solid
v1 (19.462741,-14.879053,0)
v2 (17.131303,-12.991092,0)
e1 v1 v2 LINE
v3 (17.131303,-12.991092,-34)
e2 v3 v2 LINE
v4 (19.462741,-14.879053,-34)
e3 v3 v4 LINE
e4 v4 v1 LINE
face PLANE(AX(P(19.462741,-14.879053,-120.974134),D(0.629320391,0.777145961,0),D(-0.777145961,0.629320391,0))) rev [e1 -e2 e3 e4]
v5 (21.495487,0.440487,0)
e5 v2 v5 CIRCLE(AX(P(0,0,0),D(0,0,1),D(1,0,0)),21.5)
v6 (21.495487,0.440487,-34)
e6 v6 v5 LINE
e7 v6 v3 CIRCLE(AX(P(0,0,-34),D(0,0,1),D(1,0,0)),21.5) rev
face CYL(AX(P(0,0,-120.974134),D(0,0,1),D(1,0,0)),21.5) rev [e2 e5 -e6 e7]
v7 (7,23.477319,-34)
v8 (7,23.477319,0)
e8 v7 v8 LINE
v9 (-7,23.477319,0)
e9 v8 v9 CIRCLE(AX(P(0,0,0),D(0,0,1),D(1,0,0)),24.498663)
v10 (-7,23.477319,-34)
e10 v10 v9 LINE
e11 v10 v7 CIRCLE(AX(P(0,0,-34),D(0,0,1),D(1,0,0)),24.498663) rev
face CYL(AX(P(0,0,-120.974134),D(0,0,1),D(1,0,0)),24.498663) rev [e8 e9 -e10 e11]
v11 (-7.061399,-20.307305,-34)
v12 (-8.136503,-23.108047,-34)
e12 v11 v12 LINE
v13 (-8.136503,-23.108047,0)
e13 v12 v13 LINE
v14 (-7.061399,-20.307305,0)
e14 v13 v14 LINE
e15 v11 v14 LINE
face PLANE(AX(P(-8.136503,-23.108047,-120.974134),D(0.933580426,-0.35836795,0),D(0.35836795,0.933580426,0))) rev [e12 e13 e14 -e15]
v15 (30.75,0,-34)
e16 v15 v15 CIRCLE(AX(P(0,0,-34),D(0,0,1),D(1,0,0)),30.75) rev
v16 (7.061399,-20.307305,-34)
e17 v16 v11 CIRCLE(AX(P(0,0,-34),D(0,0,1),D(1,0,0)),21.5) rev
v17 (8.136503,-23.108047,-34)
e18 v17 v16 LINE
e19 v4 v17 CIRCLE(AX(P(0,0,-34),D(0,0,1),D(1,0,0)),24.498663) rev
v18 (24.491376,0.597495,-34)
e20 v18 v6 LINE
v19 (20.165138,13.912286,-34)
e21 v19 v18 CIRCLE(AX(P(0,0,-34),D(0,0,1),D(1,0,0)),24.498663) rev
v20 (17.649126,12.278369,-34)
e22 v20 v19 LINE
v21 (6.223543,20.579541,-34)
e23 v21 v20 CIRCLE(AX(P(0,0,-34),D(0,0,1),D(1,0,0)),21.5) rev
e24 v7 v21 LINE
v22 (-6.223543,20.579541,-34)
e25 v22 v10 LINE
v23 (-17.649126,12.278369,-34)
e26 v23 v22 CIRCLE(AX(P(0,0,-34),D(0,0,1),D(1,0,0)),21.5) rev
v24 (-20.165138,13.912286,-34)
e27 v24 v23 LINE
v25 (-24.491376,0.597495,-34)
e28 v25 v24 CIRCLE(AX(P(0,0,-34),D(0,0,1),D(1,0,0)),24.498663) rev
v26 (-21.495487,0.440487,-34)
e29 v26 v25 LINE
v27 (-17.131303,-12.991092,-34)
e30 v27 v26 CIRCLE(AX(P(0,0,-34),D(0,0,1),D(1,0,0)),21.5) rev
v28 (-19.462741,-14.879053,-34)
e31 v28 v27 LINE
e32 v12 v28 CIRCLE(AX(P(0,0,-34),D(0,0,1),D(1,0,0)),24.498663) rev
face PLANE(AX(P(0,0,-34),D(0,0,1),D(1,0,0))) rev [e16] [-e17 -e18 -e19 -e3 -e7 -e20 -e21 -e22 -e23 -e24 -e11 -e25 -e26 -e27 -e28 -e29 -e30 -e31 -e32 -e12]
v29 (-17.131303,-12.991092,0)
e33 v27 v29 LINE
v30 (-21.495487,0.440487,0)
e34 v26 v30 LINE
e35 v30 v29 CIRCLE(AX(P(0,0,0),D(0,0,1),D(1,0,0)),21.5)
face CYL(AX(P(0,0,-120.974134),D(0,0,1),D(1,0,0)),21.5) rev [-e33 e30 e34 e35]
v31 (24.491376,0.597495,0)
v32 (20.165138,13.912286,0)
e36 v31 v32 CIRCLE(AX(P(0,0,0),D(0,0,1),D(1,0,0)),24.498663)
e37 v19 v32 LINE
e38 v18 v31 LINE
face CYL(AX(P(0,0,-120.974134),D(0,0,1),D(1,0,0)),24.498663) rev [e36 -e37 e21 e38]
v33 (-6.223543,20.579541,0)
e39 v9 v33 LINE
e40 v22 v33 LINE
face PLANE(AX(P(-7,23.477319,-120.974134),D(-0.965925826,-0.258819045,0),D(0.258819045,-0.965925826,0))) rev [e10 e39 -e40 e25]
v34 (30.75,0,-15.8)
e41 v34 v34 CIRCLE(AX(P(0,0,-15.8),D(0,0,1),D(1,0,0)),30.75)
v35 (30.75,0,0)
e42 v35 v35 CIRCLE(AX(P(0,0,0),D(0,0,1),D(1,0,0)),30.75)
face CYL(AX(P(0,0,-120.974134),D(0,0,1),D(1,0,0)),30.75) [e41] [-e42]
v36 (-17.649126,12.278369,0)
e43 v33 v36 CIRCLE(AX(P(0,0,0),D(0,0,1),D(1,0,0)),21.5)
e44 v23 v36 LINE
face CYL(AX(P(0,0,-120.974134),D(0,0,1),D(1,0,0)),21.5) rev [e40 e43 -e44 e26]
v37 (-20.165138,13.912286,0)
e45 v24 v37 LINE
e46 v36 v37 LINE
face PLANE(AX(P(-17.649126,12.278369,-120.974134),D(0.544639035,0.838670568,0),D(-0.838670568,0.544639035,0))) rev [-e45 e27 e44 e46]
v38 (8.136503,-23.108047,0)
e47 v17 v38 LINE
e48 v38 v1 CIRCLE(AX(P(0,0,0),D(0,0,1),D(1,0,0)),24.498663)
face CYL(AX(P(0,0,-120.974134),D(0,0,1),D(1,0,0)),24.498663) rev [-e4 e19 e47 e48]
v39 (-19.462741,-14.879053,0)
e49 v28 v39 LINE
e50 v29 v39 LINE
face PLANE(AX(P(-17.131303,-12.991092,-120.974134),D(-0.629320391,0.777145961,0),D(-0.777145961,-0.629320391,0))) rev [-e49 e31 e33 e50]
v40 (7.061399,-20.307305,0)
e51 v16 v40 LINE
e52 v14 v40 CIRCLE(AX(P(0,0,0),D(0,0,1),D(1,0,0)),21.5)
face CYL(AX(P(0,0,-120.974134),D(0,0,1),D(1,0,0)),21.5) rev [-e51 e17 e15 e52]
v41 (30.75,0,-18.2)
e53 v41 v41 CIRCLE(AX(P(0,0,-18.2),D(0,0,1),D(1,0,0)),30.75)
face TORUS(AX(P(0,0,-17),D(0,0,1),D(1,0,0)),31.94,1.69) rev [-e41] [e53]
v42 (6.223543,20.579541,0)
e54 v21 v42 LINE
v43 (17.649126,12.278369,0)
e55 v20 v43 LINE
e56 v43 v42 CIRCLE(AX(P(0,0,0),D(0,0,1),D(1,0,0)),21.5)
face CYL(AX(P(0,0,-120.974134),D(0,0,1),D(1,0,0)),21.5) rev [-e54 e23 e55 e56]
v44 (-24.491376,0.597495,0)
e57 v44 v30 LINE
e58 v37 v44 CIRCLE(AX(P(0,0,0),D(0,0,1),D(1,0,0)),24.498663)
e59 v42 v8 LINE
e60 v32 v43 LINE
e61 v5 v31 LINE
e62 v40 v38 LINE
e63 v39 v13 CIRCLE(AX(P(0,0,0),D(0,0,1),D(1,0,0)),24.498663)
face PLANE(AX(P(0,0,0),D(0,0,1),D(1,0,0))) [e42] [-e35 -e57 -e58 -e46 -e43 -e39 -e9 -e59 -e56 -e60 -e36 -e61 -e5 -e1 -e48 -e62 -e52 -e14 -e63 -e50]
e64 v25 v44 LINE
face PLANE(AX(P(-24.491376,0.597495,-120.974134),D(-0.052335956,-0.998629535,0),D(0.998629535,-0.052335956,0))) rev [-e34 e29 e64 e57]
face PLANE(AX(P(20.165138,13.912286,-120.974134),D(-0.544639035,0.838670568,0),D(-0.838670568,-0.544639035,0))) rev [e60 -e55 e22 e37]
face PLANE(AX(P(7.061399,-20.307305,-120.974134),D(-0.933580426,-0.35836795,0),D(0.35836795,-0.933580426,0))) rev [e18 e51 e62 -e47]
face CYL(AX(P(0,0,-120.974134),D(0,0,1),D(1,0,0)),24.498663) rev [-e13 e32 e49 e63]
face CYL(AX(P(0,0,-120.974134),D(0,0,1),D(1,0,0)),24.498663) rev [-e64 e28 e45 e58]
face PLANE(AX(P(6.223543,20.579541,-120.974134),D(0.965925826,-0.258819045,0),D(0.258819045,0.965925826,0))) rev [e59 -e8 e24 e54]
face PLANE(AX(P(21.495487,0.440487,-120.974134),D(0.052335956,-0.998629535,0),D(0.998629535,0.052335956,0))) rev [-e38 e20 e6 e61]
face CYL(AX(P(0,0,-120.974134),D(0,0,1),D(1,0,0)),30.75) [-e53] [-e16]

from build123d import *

# Parameters (mm, degrees)
SKETCH1_R           = 30.75
BOSS_EXTRUDE1_DEPTH = 34


with BuildPart() as part:
    # Sketch1 → Boss-Extrude1 (new body)
    with BuildSketch(Plane.XY):
        Circle(SKETCH1_R)
        with BuildLine():
            Line((-17.649126209, 12.27836895), (-20.165137913, 13.912286055))
            ThreePointArc((-20.165137913, 13.912286055), (-23.299613116, 7.570503216), (-24.491375834, 0.597494827))
            Line((-24.491375834, 0.597494827), (-21.49548723, 0.440486958))
            ThreePointArc((-21.49548723, 0.440486958), (-20.4477151, -6.643865379), (-17.131302733, -12.991091819))
            Line((-17.131302733, -12.991091819), (-19.462740618, -14.879052992))
            ThreePointArc((-19.462740618, -14.879052992), (-14.39995283, -19.819834732), (-8.136502697, -23.108046524))
            Line((-8.136502697, -23.108046524), (-7.061398848, -20.307305245))
            ThreePointArc((-7.061398848, -20.307305245), (0, -21.5), (7.061398848, -20.307305245))
            Line((7.061398848, -20.307305245), (8.136502697, -23.108046524))
            ThreePointArc((8.136502697, -23.108046524), (14.39995283, -19.819834732), (19.462740618, -14.879052992))
            Line((19.462740618, -14.879052992), (17.131302733, -12.991091819))
            ThreePointArc((17.131302733, -12.991091819), (20.4477151, -6.643865379), (21.49548723, 0.440486958))
            Line((21.49548723, 0.440486958), (24.491375834, 0.597494827))
            ThreePointArc((24.491375834, 0.597494827), (23.299613116, 7.570503216), (20.165137913, 13.912286055))
            Line((20.165137913, 13.912286055), (17.649126209, 12.27836895))
            ThreePointArc((17.649126209, 12.27836895), (12.637382924, 17.393865379), (6.223542865, 20.579541156))
            Line((6.223542865, 20.579541156), (7, 23.477318635))
            ThreePointArc((7, 23.477318635), (0, 24.498663031), (-7, 23.477318635))
            Line((-7, 23.477318635), (-6.223542865, 20.579541156))
            ThreePointArc((-6.223542865, 20.579541156), (-12.637382924, 17.393865379), (-17.649126209, 12.27836895))
        make_face(mode=Mode.SUBTRACT)
    extrude(amount=-BOSS_EXTRUDE1_DEPTH)

    # Sketch2 → Cut-Revolve1 (revolve, cut)
    with BuildSketch(Plane.ZY):
        with BuildLine():
            Line((-18.2, 30.75), (-15.8, 30.75))
            ThreePointArc((-15.8, 30.75), (-17, 30.25), (-18.2, 30.75))
        make_face()
    revolve(axis=Axis((0, 0, 27.953503857), (0, 0, -1)), mode=Mode.SUBTRACT)


solid = part.part
